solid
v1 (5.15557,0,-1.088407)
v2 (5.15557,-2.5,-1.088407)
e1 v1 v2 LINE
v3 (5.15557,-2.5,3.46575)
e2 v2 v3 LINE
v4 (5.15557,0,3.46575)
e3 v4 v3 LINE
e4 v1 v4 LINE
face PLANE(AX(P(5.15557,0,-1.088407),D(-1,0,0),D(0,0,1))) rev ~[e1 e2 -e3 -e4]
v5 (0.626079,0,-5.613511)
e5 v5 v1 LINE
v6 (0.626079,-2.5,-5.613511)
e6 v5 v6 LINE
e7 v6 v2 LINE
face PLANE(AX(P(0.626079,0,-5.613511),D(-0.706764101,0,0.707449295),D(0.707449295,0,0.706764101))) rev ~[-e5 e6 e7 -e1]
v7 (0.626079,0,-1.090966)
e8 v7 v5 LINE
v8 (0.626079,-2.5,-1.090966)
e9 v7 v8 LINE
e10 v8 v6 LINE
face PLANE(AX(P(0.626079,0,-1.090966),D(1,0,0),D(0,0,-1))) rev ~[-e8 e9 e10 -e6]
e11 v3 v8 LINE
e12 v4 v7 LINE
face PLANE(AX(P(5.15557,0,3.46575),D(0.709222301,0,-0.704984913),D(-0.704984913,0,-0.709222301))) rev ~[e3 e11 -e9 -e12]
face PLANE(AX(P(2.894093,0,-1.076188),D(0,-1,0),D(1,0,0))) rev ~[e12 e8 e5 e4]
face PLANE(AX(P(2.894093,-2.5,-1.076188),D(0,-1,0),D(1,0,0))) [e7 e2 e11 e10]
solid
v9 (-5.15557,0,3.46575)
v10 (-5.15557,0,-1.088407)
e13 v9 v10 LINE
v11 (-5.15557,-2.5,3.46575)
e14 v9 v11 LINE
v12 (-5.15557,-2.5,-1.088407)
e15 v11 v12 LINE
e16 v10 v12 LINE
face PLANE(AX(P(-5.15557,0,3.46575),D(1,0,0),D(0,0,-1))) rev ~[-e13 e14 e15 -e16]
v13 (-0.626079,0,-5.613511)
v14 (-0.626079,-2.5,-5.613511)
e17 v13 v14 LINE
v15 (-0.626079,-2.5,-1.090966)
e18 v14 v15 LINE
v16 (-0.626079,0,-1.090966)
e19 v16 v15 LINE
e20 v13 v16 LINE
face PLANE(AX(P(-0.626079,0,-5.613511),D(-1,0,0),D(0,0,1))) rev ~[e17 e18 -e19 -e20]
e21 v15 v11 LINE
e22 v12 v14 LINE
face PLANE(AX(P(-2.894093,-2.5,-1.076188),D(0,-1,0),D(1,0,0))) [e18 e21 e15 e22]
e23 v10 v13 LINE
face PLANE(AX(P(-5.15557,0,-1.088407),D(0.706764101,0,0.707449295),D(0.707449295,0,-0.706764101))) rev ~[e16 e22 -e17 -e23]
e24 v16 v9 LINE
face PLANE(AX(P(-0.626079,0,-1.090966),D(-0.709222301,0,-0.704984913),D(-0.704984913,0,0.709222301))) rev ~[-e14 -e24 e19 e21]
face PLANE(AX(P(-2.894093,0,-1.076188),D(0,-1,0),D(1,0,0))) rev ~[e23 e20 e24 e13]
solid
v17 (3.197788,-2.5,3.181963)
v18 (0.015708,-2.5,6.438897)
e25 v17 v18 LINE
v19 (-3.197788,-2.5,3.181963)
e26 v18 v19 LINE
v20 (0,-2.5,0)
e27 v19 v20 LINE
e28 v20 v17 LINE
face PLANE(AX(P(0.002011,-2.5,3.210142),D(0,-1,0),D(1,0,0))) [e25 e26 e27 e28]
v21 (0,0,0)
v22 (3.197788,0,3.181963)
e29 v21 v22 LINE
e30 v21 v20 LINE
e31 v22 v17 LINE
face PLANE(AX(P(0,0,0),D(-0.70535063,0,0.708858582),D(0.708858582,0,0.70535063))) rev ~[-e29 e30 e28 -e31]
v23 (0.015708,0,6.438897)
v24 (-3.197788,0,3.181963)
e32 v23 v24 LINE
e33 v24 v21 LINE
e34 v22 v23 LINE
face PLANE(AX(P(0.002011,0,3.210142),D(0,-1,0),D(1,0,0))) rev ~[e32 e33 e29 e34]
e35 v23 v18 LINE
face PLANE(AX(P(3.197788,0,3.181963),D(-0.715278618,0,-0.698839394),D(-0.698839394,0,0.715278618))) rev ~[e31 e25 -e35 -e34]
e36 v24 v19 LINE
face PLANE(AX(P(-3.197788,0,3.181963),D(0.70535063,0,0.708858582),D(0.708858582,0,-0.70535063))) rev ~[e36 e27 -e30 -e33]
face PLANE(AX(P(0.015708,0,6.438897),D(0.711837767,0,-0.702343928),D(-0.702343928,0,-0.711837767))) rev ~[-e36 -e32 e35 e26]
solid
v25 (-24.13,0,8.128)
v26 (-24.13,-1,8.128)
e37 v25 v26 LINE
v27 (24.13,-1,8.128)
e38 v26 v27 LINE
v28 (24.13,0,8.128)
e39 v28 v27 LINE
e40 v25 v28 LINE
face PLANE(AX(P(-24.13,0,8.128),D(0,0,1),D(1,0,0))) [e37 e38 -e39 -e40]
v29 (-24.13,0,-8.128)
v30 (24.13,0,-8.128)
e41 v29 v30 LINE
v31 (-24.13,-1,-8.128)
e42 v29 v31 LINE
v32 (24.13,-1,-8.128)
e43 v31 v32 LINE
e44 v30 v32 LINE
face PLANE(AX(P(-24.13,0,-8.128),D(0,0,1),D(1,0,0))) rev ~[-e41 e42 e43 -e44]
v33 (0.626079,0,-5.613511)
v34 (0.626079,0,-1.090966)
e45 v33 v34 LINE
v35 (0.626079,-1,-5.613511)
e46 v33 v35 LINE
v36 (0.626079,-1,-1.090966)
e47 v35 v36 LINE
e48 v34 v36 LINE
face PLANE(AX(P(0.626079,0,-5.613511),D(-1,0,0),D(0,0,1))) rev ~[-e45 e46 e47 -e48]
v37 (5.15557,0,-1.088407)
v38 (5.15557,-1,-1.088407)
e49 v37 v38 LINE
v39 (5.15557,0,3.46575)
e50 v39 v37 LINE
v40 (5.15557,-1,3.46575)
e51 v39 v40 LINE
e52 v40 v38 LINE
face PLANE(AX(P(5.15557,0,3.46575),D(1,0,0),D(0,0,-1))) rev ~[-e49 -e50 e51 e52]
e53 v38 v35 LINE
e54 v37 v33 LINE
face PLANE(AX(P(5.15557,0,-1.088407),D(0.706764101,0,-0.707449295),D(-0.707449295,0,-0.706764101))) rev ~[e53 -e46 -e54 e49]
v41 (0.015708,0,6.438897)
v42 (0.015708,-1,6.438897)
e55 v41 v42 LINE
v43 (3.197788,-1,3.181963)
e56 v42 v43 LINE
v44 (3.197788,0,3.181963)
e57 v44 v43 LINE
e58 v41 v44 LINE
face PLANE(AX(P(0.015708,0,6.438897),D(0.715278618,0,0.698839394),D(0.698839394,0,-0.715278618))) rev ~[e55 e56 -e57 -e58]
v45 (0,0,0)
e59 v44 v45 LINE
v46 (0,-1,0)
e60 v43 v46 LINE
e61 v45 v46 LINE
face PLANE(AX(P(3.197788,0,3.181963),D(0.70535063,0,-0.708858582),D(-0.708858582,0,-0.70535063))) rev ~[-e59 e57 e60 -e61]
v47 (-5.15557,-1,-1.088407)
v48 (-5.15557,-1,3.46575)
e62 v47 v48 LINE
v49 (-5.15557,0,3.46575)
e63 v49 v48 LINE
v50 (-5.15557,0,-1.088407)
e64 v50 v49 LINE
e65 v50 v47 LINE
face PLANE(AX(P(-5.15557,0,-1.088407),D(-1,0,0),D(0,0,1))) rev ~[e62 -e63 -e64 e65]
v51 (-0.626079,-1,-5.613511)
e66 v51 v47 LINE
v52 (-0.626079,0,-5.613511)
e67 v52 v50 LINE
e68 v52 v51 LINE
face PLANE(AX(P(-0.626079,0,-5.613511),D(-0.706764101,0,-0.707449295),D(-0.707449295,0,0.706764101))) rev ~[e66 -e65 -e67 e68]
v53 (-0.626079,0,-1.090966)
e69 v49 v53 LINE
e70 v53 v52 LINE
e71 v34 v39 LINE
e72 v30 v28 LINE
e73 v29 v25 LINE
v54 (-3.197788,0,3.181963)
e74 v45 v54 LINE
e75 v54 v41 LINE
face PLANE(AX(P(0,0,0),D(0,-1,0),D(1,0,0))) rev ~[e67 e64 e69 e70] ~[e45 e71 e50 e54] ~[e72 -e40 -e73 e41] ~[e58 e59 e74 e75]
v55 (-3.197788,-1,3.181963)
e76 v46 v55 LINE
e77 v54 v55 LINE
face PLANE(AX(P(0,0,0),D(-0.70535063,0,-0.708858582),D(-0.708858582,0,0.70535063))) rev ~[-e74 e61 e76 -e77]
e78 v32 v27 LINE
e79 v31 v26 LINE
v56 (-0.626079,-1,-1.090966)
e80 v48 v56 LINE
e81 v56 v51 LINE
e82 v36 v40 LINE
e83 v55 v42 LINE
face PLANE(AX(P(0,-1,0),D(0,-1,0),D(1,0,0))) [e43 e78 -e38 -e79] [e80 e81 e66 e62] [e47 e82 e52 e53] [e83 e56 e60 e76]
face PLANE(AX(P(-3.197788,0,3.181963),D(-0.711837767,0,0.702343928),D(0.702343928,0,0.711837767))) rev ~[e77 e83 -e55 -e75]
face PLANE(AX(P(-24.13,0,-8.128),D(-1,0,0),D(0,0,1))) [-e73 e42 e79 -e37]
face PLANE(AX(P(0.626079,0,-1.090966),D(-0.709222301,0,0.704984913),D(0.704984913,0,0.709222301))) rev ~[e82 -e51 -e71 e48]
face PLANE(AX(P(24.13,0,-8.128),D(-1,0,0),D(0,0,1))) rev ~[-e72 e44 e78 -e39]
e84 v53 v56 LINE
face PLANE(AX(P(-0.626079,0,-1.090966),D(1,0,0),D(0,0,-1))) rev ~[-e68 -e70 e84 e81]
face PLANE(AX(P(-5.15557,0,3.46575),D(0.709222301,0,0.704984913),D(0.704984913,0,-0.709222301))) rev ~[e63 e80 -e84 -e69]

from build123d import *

# Parameters (mm, degrees)
F1_DEPTH = 2.5
F0_W     = 48.26
F0_H     = 16.256
F2_DEPTH = 1


with BuildPart() as f1:
    # F0 (on Front) → F1 (new body)
    with BuildSketch(Plane.XZ):
        Polygon((-0.626079, -1.090966), (-5.15557, 3.46575), (-5.15557, -1.088407), (-0.626079, -5.613511), align=None)
        Polygon((3.197788, 3.181963), (0.015708, 6.438897), (-3.197788, 3.181963), (0, 0), align=None)
        Polygon((5.15557, 3.46575), (0.626079, -1.090966), (0.626079, -5.613511), (5.15557, -1.088407), align=None)
    extrude(amount=F1_DEPTH)


with BuildPart() as f2:
    # F0 (on Front) → F2 (new body)
    with BuildSketch(Plane.XZ):
        Rectangle(F0_W, F0_H)
        Polygon((-5.15557, -1.088407), (-5.15557, 3.46575), (-0.626079, -1.090966), (-0.626079, -5.613511), align=None, mode=Mode.SUBTRACT)
        Polygon((0.626079, -5.613511), (0.626079, -1.090966), (5.15557, 3.46575), (5.15557, -1.088407), align=None, mode=Mode.SUBTRACT)
        Polygon((-3.197788, 3.181963), (0.015708, 6.438897), (3.197788, 3.181963), (0, 0), align=None, mode=Mode.SUBTRACT)
    extrude(amount=F2_DEPTH)


solid = Compound([f1.part, f2.part])
